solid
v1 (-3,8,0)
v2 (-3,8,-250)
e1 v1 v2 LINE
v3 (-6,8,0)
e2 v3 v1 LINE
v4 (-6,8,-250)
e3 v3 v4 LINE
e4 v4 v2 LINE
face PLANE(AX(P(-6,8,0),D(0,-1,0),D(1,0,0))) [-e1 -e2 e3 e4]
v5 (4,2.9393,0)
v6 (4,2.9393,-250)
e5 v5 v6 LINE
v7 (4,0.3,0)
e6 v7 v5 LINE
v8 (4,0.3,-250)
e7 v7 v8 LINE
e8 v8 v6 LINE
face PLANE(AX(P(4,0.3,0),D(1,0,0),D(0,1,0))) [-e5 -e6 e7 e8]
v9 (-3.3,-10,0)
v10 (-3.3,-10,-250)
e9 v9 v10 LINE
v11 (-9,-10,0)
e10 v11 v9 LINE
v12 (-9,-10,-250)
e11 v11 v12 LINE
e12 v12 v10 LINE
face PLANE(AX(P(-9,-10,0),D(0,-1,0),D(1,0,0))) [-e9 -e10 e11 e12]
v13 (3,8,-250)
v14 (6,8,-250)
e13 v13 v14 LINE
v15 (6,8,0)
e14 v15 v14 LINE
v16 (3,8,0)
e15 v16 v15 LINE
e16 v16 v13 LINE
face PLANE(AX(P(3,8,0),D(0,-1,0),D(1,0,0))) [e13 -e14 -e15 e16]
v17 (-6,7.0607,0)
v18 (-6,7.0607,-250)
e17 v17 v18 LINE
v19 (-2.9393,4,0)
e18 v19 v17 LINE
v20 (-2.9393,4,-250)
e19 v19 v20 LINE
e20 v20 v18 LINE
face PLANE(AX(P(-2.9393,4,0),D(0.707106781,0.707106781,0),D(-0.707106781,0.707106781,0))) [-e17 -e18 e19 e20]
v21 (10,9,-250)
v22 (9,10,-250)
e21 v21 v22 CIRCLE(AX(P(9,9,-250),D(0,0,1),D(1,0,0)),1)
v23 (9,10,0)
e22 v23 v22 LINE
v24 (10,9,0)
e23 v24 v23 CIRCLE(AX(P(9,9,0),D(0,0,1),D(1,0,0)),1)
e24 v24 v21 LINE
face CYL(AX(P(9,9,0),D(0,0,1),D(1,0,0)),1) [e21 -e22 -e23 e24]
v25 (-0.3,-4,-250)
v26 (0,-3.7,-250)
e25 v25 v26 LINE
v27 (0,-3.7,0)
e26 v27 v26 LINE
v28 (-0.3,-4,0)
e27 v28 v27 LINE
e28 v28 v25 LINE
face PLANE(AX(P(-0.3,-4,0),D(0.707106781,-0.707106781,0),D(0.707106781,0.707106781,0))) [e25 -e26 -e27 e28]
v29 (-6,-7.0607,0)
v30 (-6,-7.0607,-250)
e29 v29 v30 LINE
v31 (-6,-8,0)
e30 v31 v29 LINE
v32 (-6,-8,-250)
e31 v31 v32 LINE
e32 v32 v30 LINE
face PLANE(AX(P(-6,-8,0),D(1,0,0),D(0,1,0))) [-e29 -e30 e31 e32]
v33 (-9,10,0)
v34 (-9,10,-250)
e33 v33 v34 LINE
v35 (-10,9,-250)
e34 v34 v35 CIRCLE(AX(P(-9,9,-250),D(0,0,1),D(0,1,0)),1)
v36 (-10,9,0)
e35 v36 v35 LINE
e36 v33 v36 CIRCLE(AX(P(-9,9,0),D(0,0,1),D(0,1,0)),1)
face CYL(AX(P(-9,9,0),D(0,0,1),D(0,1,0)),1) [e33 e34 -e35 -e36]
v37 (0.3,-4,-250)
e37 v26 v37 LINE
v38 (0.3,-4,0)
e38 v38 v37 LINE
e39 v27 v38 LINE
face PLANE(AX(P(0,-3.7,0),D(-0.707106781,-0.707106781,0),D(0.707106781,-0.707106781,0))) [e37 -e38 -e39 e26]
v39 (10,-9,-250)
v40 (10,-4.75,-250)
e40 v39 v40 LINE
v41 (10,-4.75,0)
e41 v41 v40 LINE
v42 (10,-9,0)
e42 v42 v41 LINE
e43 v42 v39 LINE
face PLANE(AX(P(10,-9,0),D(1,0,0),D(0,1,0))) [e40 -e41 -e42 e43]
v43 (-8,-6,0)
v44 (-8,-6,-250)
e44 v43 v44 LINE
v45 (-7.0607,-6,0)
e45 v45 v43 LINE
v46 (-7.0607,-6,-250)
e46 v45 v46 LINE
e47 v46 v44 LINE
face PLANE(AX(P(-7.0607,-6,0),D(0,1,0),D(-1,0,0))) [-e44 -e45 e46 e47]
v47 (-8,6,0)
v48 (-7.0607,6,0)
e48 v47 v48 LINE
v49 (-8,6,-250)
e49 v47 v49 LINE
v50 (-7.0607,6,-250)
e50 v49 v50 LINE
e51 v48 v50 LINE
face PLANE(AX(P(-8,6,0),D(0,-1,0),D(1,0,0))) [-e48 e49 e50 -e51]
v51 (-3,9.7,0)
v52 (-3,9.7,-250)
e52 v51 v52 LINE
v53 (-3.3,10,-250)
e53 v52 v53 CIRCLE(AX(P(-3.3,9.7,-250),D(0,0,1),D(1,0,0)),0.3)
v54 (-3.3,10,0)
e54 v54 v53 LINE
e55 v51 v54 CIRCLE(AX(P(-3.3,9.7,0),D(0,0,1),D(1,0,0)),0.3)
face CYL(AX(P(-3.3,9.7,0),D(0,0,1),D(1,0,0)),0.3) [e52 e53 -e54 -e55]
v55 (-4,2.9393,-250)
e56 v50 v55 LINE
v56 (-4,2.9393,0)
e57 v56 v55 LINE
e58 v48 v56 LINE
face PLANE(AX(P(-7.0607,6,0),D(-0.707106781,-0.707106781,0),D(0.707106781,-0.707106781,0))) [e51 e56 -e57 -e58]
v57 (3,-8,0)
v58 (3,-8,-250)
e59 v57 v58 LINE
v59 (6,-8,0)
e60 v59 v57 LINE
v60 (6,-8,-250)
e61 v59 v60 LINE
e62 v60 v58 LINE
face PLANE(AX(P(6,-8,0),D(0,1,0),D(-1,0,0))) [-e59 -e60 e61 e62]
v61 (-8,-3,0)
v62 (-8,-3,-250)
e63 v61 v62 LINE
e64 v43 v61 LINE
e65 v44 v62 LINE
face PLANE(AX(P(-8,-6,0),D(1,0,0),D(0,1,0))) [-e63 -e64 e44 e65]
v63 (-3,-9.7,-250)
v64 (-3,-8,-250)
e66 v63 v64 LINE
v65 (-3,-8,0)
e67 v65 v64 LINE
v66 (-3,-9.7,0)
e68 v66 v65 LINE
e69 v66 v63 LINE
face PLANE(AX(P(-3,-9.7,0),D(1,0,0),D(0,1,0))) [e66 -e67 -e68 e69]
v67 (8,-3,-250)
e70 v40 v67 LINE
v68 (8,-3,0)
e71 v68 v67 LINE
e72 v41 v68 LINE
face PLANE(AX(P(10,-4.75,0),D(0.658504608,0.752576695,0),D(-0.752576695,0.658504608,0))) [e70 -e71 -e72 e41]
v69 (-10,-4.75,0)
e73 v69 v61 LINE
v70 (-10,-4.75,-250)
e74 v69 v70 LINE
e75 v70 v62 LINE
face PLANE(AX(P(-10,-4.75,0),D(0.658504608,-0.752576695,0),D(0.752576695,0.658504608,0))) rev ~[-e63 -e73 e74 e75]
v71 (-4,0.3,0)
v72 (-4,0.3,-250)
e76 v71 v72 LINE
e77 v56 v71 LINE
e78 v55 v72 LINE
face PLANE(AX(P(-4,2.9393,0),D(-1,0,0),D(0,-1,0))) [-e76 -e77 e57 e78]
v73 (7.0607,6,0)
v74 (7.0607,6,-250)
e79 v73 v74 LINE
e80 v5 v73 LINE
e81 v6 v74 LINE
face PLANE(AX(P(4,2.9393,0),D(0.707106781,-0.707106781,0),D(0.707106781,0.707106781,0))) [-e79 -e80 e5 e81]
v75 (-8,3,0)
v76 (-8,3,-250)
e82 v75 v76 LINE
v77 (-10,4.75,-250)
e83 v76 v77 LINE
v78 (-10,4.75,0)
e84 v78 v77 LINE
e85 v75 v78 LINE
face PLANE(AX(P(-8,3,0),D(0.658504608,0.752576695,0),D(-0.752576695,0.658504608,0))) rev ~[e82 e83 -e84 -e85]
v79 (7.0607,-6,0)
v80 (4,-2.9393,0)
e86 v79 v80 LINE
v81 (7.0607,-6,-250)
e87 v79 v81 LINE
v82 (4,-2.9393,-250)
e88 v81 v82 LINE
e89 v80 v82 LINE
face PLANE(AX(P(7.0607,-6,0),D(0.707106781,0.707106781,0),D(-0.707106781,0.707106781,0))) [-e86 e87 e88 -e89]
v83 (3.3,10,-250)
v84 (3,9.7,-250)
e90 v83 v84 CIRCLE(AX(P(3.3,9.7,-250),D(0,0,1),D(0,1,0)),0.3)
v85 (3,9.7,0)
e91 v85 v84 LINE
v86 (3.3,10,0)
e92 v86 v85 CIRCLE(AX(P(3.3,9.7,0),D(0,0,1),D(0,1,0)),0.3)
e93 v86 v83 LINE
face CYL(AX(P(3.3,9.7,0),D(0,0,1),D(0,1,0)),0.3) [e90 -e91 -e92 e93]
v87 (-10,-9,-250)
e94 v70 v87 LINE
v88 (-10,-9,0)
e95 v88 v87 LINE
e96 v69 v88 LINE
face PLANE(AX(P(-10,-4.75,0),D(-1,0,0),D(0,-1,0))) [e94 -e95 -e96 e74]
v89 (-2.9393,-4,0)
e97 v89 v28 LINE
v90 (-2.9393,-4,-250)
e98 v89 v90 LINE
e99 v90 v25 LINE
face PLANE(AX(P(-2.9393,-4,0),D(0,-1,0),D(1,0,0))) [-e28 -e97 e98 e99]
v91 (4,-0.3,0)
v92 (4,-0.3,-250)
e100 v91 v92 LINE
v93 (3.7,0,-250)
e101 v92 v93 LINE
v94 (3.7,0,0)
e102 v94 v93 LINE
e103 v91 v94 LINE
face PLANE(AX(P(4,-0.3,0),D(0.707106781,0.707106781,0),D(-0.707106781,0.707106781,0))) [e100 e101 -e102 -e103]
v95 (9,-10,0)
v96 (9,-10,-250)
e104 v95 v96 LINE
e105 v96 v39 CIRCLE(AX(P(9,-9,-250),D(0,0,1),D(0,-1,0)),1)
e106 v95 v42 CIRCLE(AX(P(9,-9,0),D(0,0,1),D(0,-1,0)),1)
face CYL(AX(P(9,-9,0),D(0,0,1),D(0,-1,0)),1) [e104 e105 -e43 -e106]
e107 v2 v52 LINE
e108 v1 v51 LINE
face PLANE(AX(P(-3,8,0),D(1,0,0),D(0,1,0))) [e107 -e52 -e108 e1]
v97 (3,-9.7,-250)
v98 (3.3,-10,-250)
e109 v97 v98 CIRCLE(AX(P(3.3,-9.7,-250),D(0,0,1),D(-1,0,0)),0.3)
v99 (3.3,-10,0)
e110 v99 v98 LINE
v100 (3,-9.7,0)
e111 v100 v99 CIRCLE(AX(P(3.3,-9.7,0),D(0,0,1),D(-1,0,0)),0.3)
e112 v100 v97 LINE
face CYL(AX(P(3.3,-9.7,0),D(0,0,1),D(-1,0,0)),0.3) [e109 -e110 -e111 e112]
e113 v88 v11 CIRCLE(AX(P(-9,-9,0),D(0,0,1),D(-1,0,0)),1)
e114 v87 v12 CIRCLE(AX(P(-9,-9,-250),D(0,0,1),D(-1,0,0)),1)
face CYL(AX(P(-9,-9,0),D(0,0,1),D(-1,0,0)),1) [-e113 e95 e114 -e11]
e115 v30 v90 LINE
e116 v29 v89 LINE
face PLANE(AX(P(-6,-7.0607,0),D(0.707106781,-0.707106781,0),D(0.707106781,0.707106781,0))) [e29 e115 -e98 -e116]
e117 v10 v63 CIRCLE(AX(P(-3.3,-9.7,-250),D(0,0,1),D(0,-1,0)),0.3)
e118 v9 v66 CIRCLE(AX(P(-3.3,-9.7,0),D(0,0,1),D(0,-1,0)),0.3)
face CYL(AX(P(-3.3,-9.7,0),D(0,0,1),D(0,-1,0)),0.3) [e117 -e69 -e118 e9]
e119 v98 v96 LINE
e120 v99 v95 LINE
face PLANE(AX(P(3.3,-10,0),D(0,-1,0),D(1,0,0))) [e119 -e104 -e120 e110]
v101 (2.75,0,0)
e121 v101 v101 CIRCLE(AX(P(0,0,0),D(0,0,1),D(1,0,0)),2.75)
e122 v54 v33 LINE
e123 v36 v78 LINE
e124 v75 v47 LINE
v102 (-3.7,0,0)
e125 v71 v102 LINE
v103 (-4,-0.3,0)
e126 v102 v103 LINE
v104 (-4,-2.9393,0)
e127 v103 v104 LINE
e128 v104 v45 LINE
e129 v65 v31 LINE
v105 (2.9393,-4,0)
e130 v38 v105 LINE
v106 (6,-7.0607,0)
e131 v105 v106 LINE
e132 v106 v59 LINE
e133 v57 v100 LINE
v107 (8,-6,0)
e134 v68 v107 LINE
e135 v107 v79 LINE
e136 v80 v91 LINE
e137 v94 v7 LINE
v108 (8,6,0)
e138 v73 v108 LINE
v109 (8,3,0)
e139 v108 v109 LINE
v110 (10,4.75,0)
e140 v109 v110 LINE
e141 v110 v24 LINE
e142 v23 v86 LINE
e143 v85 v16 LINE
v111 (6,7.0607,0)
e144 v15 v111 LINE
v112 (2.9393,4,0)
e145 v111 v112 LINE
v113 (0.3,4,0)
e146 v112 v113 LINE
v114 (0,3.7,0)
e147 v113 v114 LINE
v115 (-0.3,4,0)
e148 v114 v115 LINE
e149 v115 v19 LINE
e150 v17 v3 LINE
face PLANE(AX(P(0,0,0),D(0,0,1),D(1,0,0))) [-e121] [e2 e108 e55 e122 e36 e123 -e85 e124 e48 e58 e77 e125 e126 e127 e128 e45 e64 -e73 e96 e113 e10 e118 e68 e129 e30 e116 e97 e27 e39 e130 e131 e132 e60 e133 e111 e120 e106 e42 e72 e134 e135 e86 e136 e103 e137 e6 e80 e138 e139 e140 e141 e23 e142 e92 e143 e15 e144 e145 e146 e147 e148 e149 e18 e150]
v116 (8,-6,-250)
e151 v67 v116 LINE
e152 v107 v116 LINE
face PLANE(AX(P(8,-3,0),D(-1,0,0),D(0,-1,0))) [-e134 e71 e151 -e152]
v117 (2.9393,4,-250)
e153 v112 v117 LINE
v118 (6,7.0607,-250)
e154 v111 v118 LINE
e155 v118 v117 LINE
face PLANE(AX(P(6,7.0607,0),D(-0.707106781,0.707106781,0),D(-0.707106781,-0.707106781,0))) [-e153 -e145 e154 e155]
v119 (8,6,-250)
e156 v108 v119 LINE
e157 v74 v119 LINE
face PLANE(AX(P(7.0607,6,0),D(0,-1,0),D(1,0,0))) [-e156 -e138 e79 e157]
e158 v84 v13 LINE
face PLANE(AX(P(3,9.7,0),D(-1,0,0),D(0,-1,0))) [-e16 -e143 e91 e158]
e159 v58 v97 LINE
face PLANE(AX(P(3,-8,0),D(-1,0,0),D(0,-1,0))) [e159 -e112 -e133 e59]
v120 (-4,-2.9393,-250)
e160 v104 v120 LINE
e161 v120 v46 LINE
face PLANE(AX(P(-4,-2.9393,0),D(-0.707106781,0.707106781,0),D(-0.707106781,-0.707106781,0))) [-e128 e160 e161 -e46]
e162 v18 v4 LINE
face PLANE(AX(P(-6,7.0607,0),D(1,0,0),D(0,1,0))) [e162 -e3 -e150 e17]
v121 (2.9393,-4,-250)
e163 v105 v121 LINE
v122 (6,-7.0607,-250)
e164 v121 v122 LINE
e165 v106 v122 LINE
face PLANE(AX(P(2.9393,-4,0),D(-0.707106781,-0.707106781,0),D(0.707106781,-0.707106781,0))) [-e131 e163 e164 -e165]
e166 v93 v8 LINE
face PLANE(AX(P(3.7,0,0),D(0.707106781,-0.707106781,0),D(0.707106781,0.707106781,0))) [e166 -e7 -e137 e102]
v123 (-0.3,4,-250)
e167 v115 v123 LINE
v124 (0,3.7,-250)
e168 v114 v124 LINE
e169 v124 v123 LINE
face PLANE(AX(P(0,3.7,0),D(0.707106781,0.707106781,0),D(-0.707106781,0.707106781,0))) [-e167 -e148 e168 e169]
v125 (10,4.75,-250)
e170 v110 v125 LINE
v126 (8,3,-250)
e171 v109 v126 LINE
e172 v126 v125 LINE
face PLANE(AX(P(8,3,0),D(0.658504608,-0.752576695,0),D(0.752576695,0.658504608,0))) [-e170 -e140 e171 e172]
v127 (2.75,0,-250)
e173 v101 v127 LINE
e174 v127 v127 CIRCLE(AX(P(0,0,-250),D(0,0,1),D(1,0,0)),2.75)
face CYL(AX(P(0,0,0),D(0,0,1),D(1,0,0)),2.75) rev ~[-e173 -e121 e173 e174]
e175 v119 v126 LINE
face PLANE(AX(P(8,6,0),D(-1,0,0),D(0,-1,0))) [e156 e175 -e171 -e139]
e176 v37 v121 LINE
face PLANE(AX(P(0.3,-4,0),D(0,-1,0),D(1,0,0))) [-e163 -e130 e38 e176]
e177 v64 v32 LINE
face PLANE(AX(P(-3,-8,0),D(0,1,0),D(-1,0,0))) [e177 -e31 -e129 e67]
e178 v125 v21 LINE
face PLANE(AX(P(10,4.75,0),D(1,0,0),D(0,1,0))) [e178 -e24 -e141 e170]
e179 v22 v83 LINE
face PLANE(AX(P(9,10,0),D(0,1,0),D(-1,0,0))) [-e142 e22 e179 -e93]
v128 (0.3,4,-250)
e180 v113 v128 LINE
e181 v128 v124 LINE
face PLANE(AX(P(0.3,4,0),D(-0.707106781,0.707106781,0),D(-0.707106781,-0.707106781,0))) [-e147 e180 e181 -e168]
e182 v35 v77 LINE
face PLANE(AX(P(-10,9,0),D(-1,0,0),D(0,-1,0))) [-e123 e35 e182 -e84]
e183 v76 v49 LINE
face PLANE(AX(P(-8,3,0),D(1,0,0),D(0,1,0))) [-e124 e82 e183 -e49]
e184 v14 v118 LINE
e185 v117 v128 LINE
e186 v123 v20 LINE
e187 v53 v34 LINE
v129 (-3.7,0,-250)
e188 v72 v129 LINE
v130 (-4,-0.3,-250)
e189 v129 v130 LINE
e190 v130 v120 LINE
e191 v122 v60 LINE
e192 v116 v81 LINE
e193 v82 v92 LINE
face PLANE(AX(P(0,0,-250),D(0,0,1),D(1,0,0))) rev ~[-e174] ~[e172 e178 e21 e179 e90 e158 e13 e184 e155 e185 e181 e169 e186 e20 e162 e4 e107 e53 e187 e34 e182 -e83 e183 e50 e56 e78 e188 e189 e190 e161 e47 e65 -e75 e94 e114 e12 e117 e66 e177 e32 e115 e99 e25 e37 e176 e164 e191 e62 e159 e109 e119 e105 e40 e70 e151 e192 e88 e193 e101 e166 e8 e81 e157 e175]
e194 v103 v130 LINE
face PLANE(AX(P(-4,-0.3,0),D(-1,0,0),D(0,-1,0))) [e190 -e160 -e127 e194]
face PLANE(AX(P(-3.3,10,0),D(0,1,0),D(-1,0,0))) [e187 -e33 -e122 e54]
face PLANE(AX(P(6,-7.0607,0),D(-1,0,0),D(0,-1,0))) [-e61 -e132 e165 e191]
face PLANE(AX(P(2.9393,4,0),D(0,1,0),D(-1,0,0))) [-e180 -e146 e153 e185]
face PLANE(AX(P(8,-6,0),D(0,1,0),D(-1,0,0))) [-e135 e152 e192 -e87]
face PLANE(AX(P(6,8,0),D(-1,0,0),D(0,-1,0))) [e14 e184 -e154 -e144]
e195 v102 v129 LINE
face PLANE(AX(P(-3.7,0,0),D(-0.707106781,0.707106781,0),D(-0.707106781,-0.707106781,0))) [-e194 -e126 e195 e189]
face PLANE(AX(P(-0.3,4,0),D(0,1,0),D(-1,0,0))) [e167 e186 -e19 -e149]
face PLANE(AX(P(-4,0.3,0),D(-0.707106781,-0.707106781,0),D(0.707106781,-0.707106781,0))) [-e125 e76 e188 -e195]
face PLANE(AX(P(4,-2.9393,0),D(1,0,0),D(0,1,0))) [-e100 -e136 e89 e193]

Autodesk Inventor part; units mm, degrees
ref_plane "YZ Plane" through (0, 0, 0) normal (1, 0, 0) x (0, 1, 0)
ref_plane "XZ Plane" through (0, 0, 0) normal (0, 1, 0) x (-1, 0, 0)
ref_plane "XY Plane" through (0, 0, 0) normal (0, 0, 1) x (1, 0, 0)
sketch "Sketch_5" plane through (0, 0, 0) normal (0, 0, 1) x (1, 0, 0)
  line L0 (-10, 9) -> (-10, 3.3)
  arc A0 (-10, 3.3) -> (-9.7, 3) centre (-9.7, 3.3) ccw
  line L1 (-9.7, 3) -> (-8, 3)
  line L2 (-8, 3) -> (-8, 6)
  line L3 (-8, 6) -> (-7.0607, 6)
  line L4 (-7.0607, 6) -> (-4, 2.9393)
  line L5 (-4, 2.9393) -> (-4, 0.3)
  line L6 (-4, 0.3) -> (-3.7, 0)
  line L7 (-3.7, 0) -> (-4, -0.3)
  line L8 (-4, -0.3) -> (-4, -2.9393)
  line L9 (-4, -2.9393) -> (-7.0607, -6)
  line L10 (-7.0607, -6) -> (-8, -6)
  line L11 (-8, -6) -> (-8, -3)
  line L12 (-8, -3) -> (-9.7, -3)
  arc A1 (-9.7, -3) -> (-10, -3.3) centre (-9.7, -3.3) ccw
  line L13 (-10, -3.3) -> (-10, -9)
  arc A2 (-10, -9) -> (-9, -10) centre (-9, -9) ccw
  line L14 (-9, -10) -> (-3.3, -10)
  arc A3 (-3.3, -10) -> (-3, -9.7) centre (-3.3, -9.7) ccw
  line L15 (-3, -9.7) -> (-3, -8)
  line L16 (-3, -8) -> (-6, -8)
  line L17 (-6, -8) -> (-6, -7.0607)
  line L18 (-6, -7.0607) -> (-2.9393, -4)
  line L19 (-2.9393, -4) -> (-0.3, -4)
  line L20 (-0.3, -4) -> (0, -3.7)
  line L21 (0, -3.7) -> (0.3, -4)
  line L22 (0.3, -4) -> (2.9393, -4)
  line L23 (2.9393, -4) -> (6, -7.0607)
  line L24 (6, -7.0607) -> (6, -8)
  line L25 (6, -8) -> (3, -8)
  line L26 (3, -8) -> (3, -9.7)
  arc A4 (3, -9.7) -> (3.3, -10) centre (3.3, -9.7) ccw
  line L27 (3.3, -10) -> (9, -10)
  arc A5 (9, -10) -> (10, -9) centre (9, -9) ccw
  line L28 (10, -9) -> (10, -3.3)
  arc A6 (10, -3.3) -> (9.7, -3) centre (9.7, -3.3) ccw
  line L29 (9.7, -3) -> (8, -3)
  line L30 (8, -3) -> (8, -6)
  line L31 (8, -6) -> (7.0607, -6)
  line L32 (7.0607, -6) -> (4, -2.9393)
  line L33 (4, -2.9393) -> (4, -0.3)
  line L34 (4, -0.3) -> (3.7, 0)
  line L35 (3.7, 0) -> (4, 0.3)
  line L36 (4, 0.3) -> (4, 2.9393)
  line L37 (4, 2.9393) -> (7.0607, 6)
  line L38 (7.0607, 6) -> (8, 6)
  line L39 (8, 6) -> (8, 3)
  line L40 (8, 3) -> (9.7, 3)
  arc A7 (9.7, 3) -> (10, 3.3) centre (9.7, 3.3) ccw
  line L41 (10, 3.3) -> (10, 9)
  arc A8 (10, 9) -> (9, 10) centre (9, 9) ccw
  line L42 (9, 10) -> (3.3, 10)
  arc A9 (3.3, 10) -> (3, 9.7) centre (3.3, 9.7) ccw
  line L43 (3, 9.7) -> (3, 8)
  line L44 (3, 8) -> (6, 8)
  line L45 (6, 8) -> (6, 7.0607)
  line L46 (6, 7.0607) -> (2.9393, 4)
  line L47 (2.9393, 4) -> (0.3, 4)
  line L48 (0.3, 4) -> (0, 3.7)
  line L49 (0, 3.7) -> (-0.3, 4)
  line L50 (-0.3, 4) -> (-2.9393, 4)
  line L51 (-2.9393, 4) -> (-6, 7.0607)
  line L52 (-6, 7.0607) -> (-6, 8)
  line L53 (-6, 8) -> (-3, 8)
  line L54 (-3, 8) -> (-3, 9.7)
  arc A10 (-3, 9.7) -> (-3.3, 10) centre (-3.3, 9.7) ccw
  line L55 (-3.3, 10) -> (-9, 10)
  arc A11 (-9, 10) -> (-10, 9) centre (-9, 9) ccw
  circle A12 centre (0, 0) radius 2.75
  line L56 (-8, 3) -> (-10, 4.75)
  line L57 (-10, -4.75) -> (-8, -3)
  line L58 (8, 3) -> (10, 4.75)
  line L59 (10, -4.75) -> (8, -3)
  dimension "d2" = 5.5
  dimension "d3" = 10
  dimension "d4" = 10
  dimension "d5" = 5.7
  dimension "d6" = 5.7
  dimension "d7" = 1.7
  dimension "d8" = 3
  dimension "d9" = 0.3
  dimension "d10" = 90
  dimension "d11" = 45
  dimension "d12" = 45
  dimension "d13" = 45
  dimension "d14" = 90
  dimension "d15" = 90
  dimension "d16" = 45
  dimension "d17" = 45
  dimension "d18" = 45
  dimension "d19" = 45
  dimension "d20" = 90
  dimension "d21" = 90
  dimension "d22" = 45
  dimension "d23" = 45
  dimension "d24" = 90
  dimension "d25" = 90
  dimension "d26" = 90
  dimension "d27" = 90
  dimension "d28" = 90
  dimension "d29" = 90
  dimension "d30" = 90
  dimension "d31" = 90
  dimension "d32" = 90
  dimension "d33" = 90
  dimension "d34" = 90
  dimension "d35" = 90
  dimension "d36" = 90
  dimension "d37" = 90
  dimension "d38" = 90
  dimension "d39" = 4
  dimension "d40" = 6
  dimension "d41" = 13
  dimension "d42" = 14
  dimension "d43" = 16
  dimension "d44" = 18
  dimension "d45" = 3
  dimension "d46" = 9
  dimension "d47" = 7
  dimension "d48" = 1
  dimension "d49" = 7
  dimension "d50" = 1.5
  dimension "d51" = 1.8663
  dimension "d52" = 3.3663
  dimension "d53" = 1.5
  dimension "d54" = 1.8663
  dimension "d55" = 3.3663
  dimension "d56" = 4
  dimension "d57" = 10.8187
  dimension "d58" = 1.9092
  dimension "d59" = 5
  dimension "d60" = 13
  dimension "d61" = 13
  dimension "d62" = 16.0513
  dimension "d63" = 3.3234
  dimension "d64" = 14
  dimension "d65" = 12.685
extrude "Extrusion1" add sketch "Sketch_5" against normal blind 250 contours A11 L55 A10 L54 L53 L52 L51 L50 L49 L48 L47 L46 L45 L44 L43 A9 L42 A8 L41 L58 L39 L38 L37 L36 L35 L34 L33 L32 L31 L30 L59 L28 A5 L27 A4 L26 L25 L24 L23 L22 L21 L20 L19 L18 L17 L16 L15 A3 L14 A2 L13 L57 L11 L10 L9 L8 L7 L6 L5 L4 L3 L2 L56 L0
properties part number "Perfil_Aluminio_20x20"
